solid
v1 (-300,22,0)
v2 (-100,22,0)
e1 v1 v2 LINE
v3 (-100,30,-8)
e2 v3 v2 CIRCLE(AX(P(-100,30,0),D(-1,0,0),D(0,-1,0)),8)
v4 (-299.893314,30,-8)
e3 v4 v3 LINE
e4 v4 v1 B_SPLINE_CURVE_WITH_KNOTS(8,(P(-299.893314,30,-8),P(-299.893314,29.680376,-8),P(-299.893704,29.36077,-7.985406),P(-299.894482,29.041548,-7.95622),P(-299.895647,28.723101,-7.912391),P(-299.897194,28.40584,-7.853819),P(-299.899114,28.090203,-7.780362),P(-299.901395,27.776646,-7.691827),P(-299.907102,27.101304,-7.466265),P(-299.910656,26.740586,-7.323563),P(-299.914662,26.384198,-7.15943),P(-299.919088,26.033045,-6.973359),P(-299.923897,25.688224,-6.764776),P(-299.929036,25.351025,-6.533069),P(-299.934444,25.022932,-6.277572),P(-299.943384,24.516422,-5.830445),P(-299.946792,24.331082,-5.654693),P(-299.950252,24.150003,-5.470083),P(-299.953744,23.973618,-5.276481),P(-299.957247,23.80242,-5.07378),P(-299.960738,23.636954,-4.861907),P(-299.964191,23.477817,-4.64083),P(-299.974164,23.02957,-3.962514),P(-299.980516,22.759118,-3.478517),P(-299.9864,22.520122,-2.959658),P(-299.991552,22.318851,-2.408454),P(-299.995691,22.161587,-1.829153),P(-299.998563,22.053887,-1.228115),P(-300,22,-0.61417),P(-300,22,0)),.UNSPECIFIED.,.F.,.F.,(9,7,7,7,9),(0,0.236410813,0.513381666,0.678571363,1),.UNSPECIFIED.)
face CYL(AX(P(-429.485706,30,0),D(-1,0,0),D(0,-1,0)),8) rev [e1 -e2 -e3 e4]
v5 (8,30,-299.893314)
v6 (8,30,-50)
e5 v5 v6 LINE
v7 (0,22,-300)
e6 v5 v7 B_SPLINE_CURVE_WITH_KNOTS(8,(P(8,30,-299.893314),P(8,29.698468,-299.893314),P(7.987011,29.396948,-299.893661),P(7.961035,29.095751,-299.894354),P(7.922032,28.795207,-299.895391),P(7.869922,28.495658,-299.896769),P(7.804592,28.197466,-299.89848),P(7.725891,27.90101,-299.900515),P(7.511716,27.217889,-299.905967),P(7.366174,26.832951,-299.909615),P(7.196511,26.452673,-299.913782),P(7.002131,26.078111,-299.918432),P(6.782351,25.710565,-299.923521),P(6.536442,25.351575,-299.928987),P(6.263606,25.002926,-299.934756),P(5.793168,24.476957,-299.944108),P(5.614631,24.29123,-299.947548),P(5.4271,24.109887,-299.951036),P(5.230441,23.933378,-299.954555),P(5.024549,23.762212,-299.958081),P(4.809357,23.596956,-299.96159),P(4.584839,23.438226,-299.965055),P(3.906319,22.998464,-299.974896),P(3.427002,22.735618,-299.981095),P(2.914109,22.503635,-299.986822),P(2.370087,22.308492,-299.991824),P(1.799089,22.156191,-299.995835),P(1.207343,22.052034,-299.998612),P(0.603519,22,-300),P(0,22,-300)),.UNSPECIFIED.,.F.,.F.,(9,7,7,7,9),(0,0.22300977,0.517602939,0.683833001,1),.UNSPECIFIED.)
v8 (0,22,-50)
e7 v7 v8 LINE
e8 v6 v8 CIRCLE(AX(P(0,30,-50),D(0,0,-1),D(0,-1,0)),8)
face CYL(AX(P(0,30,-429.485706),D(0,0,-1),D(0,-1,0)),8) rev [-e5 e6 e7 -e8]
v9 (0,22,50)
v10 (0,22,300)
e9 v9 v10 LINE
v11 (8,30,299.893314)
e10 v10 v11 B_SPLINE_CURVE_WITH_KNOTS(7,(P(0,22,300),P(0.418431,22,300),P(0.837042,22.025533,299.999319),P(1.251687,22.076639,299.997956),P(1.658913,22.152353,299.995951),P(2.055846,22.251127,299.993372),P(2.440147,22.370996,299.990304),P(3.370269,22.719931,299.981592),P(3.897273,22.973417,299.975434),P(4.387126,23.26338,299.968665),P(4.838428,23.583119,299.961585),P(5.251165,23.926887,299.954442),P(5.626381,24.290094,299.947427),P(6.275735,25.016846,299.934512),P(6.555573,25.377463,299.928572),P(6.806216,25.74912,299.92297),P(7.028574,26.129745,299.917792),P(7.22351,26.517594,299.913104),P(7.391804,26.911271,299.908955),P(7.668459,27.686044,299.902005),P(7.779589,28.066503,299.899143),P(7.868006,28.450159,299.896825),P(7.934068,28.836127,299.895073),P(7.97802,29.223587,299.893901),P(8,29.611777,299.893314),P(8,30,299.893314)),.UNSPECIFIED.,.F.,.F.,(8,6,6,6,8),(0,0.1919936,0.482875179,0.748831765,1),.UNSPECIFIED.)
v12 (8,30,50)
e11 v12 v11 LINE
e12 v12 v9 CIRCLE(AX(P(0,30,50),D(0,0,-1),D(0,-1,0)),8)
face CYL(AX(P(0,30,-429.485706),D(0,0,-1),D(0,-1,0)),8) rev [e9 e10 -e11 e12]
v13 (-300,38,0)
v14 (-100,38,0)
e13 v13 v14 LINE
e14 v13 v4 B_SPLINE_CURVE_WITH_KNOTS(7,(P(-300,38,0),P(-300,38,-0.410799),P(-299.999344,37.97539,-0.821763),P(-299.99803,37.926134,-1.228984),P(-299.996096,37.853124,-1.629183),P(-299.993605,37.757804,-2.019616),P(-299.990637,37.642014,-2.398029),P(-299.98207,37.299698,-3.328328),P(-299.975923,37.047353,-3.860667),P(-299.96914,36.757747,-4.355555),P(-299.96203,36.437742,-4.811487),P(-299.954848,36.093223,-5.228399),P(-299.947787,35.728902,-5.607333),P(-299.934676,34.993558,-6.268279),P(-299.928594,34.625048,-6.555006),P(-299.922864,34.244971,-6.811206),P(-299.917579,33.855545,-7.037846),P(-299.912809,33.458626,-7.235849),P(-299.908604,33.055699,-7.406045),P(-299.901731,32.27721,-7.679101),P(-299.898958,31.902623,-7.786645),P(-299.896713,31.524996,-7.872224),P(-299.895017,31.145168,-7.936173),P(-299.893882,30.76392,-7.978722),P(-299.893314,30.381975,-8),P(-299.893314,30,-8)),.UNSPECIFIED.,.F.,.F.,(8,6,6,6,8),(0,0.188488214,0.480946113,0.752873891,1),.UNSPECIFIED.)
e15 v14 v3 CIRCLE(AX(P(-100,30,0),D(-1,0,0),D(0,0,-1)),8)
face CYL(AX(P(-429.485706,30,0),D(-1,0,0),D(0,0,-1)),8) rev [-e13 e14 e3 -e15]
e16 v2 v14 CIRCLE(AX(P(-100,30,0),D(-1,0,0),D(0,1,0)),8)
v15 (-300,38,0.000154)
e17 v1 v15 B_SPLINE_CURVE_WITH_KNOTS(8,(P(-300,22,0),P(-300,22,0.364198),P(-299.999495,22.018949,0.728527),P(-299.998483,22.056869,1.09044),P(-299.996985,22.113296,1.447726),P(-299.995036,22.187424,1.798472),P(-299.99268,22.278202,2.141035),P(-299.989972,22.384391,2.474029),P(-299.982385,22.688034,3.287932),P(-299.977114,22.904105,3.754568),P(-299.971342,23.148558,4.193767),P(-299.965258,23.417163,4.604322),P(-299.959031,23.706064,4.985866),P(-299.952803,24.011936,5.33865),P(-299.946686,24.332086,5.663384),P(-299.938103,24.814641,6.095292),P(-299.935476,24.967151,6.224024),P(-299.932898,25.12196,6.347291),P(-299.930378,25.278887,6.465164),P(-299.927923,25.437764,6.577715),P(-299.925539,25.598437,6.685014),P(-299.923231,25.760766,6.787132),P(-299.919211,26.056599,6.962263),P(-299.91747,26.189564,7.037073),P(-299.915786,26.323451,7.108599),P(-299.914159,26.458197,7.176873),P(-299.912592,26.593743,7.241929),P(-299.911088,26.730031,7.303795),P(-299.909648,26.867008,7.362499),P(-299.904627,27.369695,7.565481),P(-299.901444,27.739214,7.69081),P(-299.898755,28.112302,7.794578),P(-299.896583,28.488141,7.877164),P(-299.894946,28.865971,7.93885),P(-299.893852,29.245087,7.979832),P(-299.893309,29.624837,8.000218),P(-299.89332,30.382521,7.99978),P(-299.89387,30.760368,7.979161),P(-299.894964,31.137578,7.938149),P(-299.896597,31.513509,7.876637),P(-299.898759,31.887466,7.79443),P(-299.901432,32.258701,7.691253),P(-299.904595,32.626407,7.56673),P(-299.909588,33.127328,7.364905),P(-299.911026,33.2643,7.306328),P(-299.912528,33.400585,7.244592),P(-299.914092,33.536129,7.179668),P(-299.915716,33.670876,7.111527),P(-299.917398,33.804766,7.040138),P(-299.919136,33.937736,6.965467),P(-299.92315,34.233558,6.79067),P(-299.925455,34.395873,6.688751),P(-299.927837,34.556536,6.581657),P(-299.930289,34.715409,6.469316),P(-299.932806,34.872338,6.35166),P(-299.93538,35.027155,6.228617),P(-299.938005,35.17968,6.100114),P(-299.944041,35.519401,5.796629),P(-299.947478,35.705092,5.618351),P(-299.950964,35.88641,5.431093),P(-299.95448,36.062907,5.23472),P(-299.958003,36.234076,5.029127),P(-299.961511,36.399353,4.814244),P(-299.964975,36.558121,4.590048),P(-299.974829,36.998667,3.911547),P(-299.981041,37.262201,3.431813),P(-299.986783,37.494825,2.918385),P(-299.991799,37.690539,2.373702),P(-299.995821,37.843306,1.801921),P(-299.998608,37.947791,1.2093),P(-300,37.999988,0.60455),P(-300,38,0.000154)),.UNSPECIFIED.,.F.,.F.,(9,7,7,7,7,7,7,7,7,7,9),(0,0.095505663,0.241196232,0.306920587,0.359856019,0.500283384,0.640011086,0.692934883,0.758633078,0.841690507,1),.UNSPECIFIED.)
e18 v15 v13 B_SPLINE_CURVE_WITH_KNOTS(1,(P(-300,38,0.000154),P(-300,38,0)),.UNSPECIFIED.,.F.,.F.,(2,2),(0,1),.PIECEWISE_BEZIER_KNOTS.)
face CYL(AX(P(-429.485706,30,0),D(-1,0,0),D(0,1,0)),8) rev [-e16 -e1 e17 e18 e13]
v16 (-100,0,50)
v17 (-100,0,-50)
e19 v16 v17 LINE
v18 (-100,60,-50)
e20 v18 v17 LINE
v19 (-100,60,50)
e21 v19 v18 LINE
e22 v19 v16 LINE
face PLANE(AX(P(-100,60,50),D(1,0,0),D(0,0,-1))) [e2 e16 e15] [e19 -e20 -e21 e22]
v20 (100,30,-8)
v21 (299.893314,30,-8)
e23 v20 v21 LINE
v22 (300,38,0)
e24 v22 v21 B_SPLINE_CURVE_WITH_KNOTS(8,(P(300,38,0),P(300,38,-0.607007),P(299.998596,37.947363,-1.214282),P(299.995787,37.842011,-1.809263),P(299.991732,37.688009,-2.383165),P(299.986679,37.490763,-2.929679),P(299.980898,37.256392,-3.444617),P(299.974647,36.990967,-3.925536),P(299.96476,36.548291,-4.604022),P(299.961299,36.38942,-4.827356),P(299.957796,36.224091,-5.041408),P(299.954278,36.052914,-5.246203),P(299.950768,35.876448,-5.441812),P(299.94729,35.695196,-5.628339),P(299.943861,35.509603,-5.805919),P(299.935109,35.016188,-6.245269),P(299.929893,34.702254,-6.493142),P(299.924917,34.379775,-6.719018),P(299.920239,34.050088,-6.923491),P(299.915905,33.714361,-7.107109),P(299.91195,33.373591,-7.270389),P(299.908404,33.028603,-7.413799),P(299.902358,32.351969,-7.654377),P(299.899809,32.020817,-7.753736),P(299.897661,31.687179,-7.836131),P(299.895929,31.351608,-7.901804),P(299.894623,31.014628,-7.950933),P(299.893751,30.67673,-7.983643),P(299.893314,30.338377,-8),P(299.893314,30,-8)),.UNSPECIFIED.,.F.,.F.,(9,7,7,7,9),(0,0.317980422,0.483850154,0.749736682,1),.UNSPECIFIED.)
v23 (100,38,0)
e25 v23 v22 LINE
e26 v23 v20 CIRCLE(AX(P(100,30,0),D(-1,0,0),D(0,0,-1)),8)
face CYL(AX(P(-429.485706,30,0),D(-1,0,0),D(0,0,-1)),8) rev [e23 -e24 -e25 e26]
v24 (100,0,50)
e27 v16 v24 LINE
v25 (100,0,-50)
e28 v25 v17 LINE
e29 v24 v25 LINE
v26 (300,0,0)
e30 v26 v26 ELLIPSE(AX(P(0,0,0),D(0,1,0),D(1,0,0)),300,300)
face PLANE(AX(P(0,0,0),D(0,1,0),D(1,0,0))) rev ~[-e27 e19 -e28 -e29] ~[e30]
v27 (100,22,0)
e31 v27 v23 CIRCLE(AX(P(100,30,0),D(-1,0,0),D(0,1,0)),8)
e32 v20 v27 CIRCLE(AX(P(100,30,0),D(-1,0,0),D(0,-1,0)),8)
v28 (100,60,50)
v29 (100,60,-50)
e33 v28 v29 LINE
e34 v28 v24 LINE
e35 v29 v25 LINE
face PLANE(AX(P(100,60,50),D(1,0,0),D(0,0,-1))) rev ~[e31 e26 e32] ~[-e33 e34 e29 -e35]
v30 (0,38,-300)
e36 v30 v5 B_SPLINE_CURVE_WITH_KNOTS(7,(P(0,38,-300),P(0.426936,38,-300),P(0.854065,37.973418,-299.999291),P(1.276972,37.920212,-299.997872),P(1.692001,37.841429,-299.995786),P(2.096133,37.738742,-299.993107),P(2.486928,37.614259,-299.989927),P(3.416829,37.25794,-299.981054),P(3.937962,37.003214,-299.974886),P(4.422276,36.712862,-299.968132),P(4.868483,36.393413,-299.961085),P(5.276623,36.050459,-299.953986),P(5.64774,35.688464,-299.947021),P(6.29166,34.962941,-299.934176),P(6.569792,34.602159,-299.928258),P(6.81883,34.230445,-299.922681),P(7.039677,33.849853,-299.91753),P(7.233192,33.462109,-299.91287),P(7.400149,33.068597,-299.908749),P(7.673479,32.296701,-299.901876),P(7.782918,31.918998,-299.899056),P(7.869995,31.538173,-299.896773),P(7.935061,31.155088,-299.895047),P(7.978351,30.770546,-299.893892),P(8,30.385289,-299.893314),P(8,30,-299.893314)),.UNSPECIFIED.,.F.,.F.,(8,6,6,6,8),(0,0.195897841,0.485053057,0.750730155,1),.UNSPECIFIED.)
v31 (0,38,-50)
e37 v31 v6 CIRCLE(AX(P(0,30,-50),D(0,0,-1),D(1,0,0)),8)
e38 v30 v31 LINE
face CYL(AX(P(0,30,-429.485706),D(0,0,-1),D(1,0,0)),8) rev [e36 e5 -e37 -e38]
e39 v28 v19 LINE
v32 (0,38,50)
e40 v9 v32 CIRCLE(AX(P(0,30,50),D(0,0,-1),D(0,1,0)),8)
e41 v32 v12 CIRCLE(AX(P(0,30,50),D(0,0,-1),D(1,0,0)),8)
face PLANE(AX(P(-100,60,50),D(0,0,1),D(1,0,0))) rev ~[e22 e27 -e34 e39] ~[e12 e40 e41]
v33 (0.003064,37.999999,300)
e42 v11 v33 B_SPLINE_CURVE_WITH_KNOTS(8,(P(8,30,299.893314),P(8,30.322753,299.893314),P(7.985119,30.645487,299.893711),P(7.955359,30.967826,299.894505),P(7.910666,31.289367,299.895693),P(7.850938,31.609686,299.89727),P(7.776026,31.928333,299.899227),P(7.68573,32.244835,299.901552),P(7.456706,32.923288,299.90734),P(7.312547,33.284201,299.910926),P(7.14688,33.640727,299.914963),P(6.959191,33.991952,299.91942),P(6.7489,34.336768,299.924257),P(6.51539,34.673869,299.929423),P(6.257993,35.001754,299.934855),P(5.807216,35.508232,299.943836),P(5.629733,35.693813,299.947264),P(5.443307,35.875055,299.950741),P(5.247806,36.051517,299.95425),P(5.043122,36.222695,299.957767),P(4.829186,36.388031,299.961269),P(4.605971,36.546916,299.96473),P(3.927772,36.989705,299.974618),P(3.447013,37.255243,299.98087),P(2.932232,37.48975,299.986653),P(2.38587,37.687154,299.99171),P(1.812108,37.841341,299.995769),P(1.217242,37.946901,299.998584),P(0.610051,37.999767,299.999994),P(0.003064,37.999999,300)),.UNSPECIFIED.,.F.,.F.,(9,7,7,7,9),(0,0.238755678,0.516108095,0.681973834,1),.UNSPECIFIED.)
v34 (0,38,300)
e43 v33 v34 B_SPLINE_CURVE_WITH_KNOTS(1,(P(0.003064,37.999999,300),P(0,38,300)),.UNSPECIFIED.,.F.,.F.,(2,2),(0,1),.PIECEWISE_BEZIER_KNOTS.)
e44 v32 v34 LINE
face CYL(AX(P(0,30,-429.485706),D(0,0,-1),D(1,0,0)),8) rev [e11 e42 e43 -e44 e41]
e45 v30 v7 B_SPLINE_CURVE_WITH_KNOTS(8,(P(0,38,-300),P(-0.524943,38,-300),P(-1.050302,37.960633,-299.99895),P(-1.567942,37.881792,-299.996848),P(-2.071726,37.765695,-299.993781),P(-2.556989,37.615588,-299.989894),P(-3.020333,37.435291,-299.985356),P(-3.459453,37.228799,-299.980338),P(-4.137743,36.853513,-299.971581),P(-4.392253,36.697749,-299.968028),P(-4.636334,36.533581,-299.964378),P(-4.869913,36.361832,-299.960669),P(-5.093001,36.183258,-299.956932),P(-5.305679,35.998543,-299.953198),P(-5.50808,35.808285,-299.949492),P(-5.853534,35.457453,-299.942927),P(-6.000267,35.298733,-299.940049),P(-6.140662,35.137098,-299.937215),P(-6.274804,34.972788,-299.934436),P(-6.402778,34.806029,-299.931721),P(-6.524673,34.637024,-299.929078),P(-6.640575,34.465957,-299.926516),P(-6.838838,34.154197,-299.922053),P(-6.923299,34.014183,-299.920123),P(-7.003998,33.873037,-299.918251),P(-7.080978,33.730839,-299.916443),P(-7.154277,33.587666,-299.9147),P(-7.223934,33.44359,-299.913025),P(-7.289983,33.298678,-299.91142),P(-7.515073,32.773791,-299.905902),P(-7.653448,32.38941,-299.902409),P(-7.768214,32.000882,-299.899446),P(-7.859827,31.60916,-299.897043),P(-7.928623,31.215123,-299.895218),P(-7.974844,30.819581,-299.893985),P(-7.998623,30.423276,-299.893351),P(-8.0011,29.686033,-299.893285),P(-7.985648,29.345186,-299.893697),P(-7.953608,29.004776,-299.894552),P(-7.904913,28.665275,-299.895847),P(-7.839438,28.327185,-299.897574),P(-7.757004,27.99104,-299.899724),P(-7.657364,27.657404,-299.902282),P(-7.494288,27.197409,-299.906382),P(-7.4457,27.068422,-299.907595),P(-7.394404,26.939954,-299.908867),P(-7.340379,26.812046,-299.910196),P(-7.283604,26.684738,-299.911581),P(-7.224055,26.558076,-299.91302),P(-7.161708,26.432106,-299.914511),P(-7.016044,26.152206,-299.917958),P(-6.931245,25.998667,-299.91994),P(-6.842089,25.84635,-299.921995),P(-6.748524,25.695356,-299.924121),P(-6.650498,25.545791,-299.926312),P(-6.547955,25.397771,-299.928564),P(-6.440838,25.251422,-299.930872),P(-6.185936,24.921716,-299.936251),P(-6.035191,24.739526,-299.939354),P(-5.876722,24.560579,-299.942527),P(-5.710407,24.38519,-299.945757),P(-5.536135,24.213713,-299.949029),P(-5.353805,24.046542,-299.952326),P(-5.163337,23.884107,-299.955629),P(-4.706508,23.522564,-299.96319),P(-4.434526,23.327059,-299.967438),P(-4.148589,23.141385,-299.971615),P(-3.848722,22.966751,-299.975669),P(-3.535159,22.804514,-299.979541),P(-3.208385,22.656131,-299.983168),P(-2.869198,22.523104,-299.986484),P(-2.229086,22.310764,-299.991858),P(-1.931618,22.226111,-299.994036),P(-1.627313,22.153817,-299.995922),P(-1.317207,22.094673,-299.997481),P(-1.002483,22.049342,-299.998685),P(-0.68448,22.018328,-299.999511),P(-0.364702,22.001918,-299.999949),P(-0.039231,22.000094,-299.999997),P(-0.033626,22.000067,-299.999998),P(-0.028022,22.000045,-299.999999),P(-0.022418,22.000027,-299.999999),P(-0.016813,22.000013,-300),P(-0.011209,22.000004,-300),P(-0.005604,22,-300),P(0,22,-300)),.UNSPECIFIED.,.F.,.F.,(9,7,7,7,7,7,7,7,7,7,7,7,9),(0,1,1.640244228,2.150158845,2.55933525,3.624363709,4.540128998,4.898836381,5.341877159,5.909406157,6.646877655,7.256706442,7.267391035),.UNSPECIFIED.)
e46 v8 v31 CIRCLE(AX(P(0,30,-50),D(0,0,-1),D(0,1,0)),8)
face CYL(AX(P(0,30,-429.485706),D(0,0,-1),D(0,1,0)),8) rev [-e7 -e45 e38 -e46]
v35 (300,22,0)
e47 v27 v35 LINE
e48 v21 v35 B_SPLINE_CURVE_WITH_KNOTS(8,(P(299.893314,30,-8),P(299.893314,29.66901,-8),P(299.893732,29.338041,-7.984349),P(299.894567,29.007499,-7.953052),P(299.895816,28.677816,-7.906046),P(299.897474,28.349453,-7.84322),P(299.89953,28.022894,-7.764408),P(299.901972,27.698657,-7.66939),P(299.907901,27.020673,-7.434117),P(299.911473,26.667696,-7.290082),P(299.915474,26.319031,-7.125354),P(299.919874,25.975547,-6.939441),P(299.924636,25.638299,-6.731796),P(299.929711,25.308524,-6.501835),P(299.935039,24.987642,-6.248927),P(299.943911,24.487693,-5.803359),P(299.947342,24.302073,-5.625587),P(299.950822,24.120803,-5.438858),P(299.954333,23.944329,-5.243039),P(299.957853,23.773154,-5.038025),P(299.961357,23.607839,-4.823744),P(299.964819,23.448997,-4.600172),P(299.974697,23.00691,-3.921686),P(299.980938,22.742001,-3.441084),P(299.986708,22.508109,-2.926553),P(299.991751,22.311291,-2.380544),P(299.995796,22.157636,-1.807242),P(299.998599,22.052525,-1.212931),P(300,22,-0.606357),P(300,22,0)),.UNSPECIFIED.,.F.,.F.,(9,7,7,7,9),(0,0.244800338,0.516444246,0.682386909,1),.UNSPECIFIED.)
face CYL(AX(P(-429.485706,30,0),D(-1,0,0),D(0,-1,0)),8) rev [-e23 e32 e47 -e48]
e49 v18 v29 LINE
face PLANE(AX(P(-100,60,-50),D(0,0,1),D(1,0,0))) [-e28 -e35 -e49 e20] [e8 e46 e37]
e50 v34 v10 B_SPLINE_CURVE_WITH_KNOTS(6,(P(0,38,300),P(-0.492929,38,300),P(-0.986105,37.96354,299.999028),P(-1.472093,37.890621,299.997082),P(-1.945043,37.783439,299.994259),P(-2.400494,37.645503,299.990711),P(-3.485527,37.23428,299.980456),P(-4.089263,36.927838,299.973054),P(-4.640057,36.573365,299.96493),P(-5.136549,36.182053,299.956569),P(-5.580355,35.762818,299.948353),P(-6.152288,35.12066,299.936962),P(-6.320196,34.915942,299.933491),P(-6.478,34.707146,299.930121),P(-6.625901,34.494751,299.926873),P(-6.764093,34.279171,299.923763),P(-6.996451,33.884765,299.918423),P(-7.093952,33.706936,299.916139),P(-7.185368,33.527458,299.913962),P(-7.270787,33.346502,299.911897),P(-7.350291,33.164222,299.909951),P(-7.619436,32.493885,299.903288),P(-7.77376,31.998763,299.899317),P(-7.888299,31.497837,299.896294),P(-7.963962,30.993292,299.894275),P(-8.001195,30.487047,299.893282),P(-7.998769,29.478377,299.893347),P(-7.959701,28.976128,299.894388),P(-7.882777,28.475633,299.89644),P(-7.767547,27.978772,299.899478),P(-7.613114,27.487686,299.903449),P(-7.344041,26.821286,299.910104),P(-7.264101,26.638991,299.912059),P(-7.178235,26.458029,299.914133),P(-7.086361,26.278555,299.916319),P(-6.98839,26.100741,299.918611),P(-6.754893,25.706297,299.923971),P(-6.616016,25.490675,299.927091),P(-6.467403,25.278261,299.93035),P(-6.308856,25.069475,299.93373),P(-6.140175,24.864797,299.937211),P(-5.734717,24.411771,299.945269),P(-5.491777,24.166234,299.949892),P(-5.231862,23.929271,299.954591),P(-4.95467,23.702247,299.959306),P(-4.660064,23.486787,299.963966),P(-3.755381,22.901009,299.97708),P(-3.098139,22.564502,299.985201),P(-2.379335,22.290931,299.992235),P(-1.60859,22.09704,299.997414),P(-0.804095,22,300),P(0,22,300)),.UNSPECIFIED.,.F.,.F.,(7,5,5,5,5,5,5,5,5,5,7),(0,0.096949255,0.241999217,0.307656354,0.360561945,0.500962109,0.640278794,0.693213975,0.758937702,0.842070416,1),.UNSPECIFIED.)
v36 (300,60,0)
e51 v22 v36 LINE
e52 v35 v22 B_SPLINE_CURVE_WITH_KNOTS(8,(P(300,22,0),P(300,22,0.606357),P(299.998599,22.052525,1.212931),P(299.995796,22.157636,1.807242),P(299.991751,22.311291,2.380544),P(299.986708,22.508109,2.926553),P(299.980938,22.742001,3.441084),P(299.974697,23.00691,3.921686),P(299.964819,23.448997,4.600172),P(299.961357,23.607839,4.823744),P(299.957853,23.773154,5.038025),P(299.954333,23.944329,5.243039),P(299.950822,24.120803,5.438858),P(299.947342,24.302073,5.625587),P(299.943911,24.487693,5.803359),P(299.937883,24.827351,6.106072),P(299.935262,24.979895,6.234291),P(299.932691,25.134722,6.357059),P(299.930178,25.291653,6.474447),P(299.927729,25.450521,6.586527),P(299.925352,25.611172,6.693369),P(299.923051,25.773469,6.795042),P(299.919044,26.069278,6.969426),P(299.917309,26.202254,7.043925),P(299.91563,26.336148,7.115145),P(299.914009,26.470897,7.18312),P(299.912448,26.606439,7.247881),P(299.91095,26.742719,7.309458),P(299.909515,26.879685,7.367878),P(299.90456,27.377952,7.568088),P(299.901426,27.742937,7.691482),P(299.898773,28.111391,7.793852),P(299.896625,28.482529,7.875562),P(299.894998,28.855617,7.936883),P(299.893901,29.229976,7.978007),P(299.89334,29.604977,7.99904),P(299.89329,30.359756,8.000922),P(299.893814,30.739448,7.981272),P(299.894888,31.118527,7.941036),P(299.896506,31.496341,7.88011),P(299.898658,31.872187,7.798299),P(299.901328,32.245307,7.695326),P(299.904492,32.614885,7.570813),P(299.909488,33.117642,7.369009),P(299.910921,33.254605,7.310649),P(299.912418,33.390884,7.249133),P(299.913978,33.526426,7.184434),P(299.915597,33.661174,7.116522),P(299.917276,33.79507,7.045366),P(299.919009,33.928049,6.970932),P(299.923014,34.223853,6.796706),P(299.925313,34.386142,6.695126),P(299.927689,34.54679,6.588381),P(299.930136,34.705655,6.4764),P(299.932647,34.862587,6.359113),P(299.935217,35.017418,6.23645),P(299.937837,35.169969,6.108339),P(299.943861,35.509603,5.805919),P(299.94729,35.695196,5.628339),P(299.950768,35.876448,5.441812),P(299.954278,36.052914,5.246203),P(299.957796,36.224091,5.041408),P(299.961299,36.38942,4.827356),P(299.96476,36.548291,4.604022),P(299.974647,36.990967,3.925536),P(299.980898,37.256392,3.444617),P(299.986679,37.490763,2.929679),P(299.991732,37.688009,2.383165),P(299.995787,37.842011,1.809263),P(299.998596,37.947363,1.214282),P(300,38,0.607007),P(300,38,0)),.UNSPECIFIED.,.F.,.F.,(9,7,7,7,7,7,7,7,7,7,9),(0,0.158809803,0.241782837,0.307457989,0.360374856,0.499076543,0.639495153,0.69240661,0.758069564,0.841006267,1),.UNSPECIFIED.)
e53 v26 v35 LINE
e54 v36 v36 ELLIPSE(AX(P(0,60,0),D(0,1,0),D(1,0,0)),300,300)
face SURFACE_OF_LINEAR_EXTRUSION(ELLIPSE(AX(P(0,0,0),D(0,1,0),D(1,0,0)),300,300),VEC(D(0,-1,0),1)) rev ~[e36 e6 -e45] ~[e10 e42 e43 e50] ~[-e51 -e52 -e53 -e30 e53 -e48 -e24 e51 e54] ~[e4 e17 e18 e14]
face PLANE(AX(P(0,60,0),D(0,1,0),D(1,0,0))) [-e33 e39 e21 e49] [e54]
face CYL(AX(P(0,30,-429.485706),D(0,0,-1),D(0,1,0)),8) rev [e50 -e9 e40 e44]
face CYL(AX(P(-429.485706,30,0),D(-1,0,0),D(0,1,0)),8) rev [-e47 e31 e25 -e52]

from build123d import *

# Parameters (mm, degrees)
SKETCH_1_RX              = 300
SKETCH_1_RY              = 300
SKETCH_1_R               = 50
EXTRUDE_1_DEPTH          = 60
CUT_EXTRUDE_1_DEPTH      = 429.485705713
CUT_EXTRUDE_1_DEPTH_BACK = 429.485705713
CUT_EXTRUDE_2_DEPTH      = 429.485705867
CUT_EXTRUDE_2_DEPTH_BACK = 429.485705867
SKETCH_4_W               = 200
SKETCH_4_H               = 100
CUT_EXTRUDE_3_DEPTH      = 429.485705867


with BuildPart() as part:
    # 草图1 → 凸台-拉伸1 (new body)
    with BuildSketch(Plane(origin=(0, 0, 0), x_dir=(1, 0, 0), z_dir=(0, 1, 0))):
        with Locations((0, 0)):
            Ellipse(SKETCH_1_RX, SKETCH_1_RY)
        with Locations(Location((0, 0, 0), (0, 0, 270))):
            Circle(SKETCH_1_R, mode=Mode.SUBTRACT)
    extrude(amount=EXTRUDE_1_DEPTH)

    # 草图2 → 切除-拉伸1 (cut, two sides: drawn at the far end of the back side and taken through both)
    with BuildSketch(Plane.XY.offset(-CUT_EXTRUDE_1_DEPTH_BACK)):
        with BuildLine():
            ThreePointArc((0, 38), (-8, 30), (0, 22))
            Line((0, 22), (0, 38))
        make_face()
        with BuildLine():
            Line((0, 38), (0, 22))
            ThreePointArc((0, 22), (5.656854249, 24.343145751), (8, 30))
            ThreePointArc((8, 30), (5.656854249, 35.656854249), (0, 38))
        make_face()
        with BuildLine():
            ThreePointArc((0, 38), (-8, 30), (0, 22))
            Line((0, 22), (0, 38))
        make_face()
        with BuildLine():
            Line((0, 38), (0, 22))
            ThreePointArc((0, 22), (5.656854249, 24.343145751), (8, 30))
            ThreePointArc((8, 30), (5.656854249, 35.656854249), (0, 38))
        make_face()
    extrude(amount=CUT_EXTRUDE_1_DEPTH + CUT_EXTRUDE_1_DEPTH_BACK, mode=Mode.SUBTRACT)

    # 草图3 → 切除-拉伸2 (cut, two sides: drawn at the far end of the back side and taken through both)
    with BuildSketch(Plane(origin=(0, 0, 0), x_dir=(0, 0, -1), z_dir=(1, 0, 0)).offset(-CUT_EXTRUDE_2_DEPTH_BACK)):
        with BuildLine():
            ThreePointArc((0, 38), (-8, 30), (0, 22))
            Line((0, 22), (0, 38))
        make_face()
        with BuildLine():
            Line((0, 38), (0, 22))
            ThreePointArc((0, 22), (5.656854249, 24.343145751), (8, 30))
            ThreePointArc((8, 30), (5.656854249, 35.656854249), (0, 38))
        make_face()
        with BuildLine():
            ThreePointArc((0, 38), (-8, 30), (0, 22))
            Line((0, 22), (0, 38))
        make_face()
        with BuildLine():
            Line((0, 38), (0, 22))
            ThreePointArc((0, 22), (5.656854249, 24.343145751), (8, 30))
            ThreePointArc((8, 30), (5.656854249, 35.656854249), (0, 38))
        make_face()
    extrude(amount=CUT_EXTRUDE_2_DEPTH + CUT_EXTRUDE_2_DEPTH_BACK, mode=Mode.SUBTRACT)

    # 草图4 → 切除-拉伸3 (cut, through all)
    with BuildSketch(Plane(origin=(0, 60, 0), x_dir=(1, 0, 0), z_dir=(0, 1, 0))):
        Rectangle(SKETCH_4_W, SKETCH_4_H)
    extrude(amount=-CUT_EXTRUDE_3_DEPTH, mode=Mode.SUBTRACT)


solid = part.part
